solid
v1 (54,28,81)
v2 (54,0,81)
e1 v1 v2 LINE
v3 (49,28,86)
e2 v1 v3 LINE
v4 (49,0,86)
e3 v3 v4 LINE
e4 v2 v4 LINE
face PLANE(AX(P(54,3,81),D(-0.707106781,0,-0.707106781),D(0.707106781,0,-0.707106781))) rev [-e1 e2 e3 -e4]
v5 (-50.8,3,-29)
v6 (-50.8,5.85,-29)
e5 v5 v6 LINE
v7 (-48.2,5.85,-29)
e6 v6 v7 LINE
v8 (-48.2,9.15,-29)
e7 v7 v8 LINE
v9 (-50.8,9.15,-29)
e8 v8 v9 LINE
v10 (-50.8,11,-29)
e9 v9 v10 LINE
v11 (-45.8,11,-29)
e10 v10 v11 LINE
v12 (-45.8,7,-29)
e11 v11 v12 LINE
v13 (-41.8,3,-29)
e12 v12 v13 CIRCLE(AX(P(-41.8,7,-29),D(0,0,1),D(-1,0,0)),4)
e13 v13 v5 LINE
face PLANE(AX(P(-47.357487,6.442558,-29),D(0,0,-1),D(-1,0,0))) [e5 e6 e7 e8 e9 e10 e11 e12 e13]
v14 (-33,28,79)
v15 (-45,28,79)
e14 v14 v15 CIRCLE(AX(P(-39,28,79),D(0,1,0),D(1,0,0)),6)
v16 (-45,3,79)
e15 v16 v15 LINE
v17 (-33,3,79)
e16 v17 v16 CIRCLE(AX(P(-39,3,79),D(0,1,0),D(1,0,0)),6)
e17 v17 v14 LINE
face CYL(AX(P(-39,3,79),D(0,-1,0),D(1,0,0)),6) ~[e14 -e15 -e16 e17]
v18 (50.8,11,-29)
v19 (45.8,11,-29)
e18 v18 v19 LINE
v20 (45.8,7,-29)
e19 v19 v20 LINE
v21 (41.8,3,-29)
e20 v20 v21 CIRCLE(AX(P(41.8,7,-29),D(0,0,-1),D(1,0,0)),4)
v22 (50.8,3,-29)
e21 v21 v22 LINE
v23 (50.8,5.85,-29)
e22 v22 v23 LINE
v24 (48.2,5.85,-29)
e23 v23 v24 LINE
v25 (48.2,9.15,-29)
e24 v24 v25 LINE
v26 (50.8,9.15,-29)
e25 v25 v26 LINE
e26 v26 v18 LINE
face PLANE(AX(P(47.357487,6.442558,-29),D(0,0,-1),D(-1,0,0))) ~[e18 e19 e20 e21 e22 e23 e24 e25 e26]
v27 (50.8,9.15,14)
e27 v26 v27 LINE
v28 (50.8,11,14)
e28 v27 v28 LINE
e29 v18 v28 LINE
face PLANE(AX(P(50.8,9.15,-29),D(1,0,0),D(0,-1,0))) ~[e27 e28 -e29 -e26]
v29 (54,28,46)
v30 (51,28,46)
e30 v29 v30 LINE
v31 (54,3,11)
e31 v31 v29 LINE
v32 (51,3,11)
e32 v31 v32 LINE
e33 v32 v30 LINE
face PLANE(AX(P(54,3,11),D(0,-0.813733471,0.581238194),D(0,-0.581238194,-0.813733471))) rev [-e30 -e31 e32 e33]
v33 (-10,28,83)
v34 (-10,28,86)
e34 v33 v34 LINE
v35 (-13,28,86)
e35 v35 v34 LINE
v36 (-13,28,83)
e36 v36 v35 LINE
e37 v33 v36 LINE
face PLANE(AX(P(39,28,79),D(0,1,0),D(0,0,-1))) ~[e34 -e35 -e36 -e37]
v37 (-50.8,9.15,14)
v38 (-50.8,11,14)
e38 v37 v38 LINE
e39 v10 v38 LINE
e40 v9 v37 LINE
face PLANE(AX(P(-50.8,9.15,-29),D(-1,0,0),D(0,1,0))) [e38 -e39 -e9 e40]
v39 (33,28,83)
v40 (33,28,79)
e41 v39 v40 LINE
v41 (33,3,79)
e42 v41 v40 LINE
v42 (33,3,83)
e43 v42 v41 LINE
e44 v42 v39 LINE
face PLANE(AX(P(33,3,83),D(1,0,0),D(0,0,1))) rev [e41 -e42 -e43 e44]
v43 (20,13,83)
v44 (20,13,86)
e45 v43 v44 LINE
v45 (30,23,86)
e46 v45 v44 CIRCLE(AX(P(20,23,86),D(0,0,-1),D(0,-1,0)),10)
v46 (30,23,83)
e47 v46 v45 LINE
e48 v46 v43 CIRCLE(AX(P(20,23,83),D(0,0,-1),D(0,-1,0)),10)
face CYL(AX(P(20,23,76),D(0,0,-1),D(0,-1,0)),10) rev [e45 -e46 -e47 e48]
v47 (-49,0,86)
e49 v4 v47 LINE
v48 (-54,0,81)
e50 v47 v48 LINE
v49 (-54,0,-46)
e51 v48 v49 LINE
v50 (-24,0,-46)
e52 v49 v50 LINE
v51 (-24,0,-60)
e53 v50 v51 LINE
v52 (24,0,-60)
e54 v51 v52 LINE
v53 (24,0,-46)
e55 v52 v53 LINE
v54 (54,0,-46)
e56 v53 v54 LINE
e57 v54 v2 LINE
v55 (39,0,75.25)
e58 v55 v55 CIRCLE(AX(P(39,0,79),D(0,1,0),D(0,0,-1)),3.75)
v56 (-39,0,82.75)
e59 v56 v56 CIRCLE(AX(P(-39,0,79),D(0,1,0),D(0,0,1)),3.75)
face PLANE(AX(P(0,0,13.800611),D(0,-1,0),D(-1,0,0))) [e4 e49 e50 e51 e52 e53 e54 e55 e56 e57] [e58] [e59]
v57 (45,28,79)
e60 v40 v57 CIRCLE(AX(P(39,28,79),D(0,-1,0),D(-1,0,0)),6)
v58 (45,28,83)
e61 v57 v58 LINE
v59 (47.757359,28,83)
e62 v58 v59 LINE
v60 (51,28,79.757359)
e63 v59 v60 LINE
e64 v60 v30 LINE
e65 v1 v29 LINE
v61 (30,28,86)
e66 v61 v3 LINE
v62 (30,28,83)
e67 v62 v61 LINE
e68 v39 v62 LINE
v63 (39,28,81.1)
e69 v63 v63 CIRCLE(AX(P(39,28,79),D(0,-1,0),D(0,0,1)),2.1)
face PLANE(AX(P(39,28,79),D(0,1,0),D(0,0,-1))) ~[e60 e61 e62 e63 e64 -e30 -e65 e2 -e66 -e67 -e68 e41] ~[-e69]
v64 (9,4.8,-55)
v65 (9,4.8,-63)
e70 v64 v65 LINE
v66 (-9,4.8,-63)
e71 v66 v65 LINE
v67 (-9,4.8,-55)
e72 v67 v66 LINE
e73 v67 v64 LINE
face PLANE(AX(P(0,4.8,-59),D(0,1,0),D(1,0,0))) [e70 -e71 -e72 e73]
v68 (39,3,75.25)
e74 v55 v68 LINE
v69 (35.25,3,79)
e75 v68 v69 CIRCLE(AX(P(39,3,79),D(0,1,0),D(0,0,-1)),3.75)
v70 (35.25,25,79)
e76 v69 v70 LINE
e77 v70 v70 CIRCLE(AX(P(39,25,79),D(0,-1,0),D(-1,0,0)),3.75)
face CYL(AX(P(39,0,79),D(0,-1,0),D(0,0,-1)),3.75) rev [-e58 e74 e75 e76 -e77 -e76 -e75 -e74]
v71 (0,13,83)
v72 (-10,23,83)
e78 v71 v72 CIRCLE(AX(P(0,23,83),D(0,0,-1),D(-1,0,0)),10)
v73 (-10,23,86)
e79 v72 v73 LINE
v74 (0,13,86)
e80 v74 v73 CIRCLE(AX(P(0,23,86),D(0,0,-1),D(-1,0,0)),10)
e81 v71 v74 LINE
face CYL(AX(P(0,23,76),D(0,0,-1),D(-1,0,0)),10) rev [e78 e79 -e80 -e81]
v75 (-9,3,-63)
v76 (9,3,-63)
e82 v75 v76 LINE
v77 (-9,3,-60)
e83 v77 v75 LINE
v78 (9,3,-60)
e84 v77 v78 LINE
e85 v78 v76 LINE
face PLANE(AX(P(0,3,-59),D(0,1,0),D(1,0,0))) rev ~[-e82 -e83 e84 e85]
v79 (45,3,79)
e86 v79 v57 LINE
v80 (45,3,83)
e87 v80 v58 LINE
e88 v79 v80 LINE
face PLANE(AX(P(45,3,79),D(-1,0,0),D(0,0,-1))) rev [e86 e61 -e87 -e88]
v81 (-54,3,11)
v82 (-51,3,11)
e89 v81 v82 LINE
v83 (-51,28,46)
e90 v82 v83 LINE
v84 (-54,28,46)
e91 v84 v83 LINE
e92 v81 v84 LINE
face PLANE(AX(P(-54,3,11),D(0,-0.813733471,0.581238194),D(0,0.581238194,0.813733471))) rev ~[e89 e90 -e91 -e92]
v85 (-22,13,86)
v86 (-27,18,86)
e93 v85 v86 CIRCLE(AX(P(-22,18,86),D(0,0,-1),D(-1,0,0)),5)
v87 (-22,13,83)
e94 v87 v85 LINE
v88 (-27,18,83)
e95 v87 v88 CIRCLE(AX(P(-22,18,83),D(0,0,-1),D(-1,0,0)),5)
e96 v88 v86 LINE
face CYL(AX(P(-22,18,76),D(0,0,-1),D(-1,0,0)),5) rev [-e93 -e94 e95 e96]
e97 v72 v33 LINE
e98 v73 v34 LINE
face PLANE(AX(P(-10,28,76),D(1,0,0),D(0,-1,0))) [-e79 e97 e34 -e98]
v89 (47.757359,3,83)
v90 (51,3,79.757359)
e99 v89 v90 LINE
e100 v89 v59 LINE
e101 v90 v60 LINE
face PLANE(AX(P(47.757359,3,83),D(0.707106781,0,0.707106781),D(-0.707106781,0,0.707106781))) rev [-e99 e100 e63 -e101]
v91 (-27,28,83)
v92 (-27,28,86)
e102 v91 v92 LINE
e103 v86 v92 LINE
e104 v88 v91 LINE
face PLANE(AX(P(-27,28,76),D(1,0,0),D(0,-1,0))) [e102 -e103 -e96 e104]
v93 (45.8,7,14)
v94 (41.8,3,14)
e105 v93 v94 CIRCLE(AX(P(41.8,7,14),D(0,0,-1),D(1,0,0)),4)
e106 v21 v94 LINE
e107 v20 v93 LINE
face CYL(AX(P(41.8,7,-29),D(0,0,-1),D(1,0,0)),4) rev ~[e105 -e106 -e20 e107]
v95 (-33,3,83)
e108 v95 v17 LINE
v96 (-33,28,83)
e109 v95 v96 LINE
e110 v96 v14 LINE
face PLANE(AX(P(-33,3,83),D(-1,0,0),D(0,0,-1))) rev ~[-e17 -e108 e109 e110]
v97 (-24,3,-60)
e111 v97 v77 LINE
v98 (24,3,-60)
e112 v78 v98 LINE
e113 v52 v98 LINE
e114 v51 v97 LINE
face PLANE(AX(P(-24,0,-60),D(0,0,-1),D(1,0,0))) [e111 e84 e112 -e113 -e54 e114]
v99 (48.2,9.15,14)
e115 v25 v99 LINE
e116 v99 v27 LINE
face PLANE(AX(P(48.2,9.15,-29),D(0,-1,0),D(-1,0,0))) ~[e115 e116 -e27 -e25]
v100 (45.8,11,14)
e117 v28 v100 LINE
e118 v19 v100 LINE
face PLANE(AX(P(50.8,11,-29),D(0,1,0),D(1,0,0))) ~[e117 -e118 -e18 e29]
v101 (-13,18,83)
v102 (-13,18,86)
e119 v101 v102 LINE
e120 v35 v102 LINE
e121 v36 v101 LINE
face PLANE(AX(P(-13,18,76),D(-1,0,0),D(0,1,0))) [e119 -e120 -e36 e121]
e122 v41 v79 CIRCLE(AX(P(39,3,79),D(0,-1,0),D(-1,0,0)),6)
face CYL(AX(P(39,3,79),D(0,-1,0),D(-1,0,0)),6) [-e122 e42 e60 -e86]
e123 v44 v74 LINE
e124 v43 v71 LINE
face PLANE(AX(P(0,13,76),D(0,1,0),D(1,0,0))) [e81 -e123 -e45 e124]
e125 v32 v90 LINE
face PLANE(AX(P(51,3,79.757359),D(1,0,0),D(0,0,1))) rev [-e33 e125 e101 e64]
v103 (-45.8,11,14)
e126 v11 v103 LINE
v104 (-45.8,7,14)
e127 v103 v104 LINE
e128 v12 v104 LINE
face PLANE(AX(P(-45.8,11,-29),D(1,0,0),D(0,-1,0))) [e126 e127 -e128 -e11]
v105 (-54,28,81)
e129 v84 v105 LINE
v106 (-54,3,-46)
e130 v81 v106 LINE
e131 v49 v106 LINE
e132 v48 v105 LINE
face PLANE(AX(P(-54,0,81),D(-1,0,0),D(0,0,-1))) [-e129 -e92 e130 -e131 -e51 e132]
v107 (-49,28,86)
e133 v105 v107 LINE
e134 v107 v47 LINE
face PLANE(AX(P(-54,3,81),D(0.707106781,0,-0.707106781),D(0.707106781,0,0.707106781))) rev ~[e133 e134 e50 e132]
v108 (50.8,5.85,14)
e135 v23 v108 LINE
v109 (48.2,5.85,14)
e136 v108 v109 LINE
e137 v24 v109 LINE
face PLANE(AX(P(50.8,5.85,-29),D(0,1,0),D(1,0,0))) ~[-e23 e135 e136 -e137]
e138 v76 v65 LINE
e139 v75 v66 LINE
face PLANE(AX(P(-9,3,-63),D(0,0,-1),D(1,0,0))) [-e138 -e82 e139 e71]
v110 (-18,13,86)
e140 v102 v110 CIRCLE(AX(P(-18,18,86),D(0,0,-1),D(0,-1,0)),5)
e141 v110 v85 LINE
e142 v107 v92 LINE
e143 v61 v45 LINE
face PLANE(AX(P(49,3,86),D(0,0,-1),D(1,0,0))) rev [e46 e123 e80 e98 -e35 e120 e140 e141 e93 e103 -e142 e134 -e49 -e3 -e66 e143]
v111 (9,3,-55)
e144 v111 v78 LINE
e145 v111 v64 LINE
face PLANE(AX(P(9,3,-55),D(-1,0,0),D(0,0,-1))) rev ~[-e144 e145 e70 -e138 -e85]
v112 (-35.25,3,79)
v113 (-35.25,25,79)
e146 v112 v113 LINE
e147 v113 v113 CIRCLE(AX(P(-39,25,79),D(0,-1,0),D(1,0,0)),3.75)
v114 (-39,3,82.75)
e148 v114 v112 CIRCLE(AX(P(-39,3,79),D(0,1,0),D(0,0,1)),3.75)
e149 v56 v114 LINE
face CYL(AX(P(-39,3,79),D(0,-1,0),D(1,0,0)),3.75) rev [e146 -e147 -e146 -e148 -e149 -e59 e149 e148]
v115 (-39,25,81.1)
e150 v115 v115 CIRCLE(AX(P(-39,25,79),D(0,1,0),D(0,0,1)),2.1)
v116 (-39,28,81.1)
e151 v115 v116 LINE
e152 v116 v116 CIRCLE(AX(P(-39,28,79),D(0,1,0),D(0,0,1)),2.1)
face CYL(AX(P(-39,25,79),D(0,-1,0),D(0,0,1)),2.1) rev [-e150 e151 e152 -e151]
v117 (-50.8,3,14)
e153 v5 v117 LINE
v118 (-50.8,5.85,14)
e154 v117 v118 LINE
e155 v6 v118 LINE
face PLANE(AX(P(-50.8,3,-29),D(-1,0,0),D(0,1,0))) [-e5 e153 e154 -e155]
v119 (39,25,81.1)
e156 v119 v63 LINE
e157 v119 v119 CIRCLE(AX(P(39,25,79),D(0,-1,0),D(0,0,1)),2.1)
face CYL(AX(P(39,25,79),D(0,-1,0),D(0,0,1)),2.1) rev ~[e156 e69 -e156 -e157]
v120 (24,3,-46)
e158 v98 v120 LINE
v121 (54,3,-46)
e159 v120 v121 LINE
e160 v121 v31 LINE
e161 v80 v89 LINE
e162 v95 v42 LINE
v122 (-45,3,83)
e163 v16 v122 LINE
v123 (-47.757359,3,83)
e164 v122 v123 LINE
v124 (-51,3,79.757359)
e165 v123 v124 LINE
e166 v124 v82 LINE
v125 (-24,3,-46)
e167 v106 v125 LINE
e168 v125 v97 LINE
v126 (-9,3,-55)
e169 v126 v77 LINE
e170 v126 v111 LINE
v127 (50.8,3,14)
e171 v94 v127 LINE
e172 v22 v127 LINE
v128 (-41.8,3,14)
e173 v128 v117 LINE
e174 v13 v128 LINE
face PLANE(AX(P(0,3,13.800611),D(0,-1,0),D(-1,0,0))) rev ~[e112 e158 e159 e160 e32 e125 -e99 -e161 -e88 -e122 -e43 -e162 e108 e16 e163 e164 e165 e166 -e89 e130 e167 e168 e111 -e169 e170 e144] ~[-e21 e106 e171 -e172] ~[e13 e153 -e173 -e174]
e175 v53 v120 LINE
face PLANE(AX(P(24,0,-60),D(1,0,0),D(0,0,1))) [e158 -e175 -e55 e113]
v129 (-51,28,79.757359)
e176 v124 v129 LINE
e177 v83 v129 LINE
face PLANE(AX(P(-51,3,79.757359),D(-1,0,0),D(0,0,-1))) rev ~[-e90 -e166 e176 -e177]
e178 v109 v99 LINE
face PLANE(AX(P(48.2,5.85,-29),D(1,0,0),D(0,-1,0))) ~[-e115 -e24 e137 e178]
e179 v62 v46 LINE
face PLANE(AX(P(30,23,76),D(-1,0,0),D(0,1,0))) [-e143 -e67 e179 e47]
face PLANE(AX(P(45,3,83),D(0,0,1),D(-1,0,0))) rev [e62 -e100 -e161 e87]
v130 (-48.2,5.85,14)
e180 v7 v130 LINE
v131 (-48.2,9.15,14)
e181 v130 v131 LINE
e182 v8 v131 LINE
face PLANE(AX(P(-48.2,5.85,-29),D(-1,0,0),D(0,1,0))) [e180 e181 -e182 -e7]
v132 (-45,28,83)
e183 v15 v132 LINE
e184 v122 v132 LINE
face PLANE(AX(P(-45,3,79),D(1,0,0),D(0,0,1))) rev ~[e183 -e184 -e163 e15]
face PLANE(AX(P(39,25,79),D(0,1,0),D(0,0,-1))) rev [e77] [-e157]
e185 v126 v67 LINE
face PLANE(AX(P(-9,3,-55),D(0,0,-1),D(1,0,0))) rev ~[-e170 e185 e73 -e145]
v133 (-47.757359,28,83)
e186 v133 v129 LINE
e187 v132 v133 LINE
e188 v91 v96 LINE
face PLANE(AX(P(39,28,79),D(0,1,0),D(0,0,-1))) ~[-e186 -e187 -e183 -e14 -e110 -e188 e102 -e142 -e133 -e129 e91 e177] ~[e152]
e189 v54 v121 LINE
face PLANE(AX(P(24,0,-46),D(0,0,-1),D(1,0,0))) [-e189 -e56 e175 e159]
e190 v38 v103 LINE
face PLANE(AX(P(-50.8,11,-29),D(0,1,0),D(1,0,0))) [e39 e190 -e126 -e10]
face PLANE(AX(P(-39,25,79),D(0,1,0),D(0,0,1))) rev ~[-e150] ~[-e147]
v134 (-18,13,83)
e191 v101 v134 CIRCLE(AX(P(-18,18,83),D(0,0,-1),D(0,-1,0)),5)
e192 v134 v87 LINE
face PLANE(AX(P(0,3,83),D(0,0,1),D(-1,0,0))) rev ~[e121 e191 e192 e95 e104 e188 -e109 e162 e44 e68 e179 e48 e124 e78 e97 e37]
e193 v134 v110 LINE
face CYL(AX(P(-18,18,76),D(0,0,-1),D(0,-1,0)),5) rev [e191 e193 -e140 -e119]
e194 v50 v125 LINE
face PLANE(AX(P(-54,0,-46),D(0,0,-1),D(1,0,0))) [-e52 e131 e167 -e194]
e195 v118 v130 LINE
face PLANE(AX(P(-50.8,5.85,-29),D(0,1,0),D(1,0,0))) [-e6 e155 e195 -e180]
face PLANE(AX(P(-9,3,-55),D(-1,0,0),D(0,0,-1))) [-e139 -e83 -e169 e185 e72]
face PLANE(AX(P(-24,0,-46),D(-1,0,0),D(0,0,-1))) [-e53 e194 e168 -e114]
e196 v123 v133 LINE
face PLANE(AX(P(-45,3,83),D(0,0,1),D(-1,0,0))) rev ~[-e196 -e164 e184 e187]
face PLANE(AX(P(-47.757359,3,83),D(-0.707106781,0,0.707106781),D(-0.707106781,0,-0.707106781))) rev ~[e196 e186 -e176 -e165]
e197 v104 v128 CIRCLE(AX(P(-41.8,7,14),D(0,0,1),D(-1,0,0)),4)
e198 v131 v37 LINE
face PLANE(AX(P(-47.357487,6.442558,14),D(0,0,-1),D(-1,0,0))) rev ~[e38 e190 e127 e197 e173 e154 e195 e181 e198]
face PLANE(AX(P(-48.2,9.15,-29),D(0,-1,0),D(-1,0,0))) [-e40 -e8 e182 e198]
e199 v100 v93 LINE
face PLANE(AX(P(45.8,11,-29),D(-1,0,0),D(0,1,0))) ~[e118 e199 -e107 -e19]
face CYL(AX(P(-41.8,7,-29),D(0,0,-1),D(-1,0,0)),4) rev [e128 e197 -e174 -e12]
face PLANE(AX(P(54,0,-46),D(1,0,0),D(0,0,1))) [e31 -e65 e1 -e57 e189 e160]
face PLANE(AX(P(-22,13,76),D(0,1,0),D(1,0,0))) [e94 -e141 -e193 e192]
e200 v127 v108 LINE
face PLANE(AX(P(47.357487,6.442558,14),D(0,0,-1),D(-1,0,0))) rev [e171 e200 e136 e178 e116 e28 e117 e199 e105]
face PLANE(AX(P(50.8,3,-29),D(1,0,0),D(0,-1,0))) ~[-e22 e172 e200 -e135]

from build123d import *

# Parameters (mm, degrees)
CROQUIS1_R                 = 3.75
SALIENTE_EXTRUIR1_DEPTH    = 3
SALIENTE_EXTRUIR5_START    = -17
SALIENTE_EXTRUIR5_DEPTH    = 43
SALIENTE_EXTRUIR3_DEPTH    = 3
CROQUIS4_R                 = 3.75
SALIENTE_EXTRUIR4_DEPTH    = 25
SALIENTE_EXTRUIR7_START    = -3
CROQUIS8_R                 = 3.75
CROQUIS8_R_2               = 2.1
SALIENTE_EXTRUIR7_DEPTH    = 3
CROQUIS7_W                 = 18
CROQUIS7_H                 = 8
SALIENTE_EXTRUIR6_DEPTH    = 1.8
CORTAR_EXTRUIR1_DEPTH      = 161.937876213
CORTAR_EXTRUIR1_DEPTH_BACK = 10


with BuildPart() as part:
    # Croquis1 → Saliente-Extruir1 (new body)
    with BuildSketch(Plane(origin=(0, 0, 0), x_dir=(1, 0, 0), z_dir=(0, 1, 0))):
        Polygon((-24, 60), (24, 60), (24, 46), (54, 46), (54, -81), (49, -86), (-49, -86), (-54, -81), (-54, 46), (-24, 46), align=None)
        with Locations(Location((-39, -79, 0), (0, 0, 270))):
            Circle(CROQUIS1_R, mode=Mode.SUBTRACT)
        with Locations(Location((39, -79, 0), (0, 0, 90))):
            Circle(CROQUIS1_R, mode=Mode.SUBTRACT)
    extrude(amount=SALIENTE_EXTRUIR1_DEPTH)

    # Croquis6 → Saliente-Extruir5 (add)
    with BuildSketch(Plane(origin=(0, 0, -46), x_dir=(-1, 0, 0), z_dir=(0, 0, -1)).offset(SALIENTE_EXTRUIR5_START)):
        with BuildLine():
            Line((50.8, 3), (50.8, 5.85))
            Line((50.8, 5.85), (48.2, 5.85))
            Line((48.2, 5.85), (48.2, 9.15))
            Line((48.2, 9.15), (50.8, 9.15))
            Line((50.8, 9.15), (50.8, 11))
            Line((50.8, 11), (45.8, 11))
            Line((45.8, 11), (45.8, 7))
            ThreePointArc((45.8, 7), (44.628427125, 4.171572875), (41.8, 3))
            Line((41.8, 3), (47.8, 3))
            Line((47.8, 3), (50.8, 3))
        make_face()
    saliente_extruir5 = extrude(amount=-SALIENTE_EXTRUIR5_DEPTH)

    # Croquis3 → Saliente-Extruir3 (add)
    with BuildSketch(Plane.ZY.offset(54)):
        Polygon((11, 3), (46, 28), (79.207391253, 28), (79.207391253, 3), align=None)
    saliente_extruir3 = extrude(amount=-SALIENTE_EXTRUIR3_DEPTH)

    # Croquis4 → Saliente-Extruir4 (add)
    with BuildSketch(Plane(origin=(0, 3, 0), x_dir=(1, 0, 0), z_dir=(0, 1, 0))):
        with BuildLine():
            Line((-51, -79.207391253), (-54, -79.207391253))
            Line((-54, -79.207391253), (-54, -81))
            Line((-54, -81), (-49, -86))
            Line((-49, -86), (0, -86))
            Line((0, -86), (0, -83))
            Line((0, -83), (-33, -83))
            Line((-33, -83), (-33, -79))
            ThreePointArc((-33, -79), (-39, -73), (-45, -79))
            Line((-45, -79), (-45, -83))
            Line((-45, -83), (-47.757359313, -83))
            Line((-47.757359313, -83), (-51, -79.757359313))
            Line((-51, -79.757359313), (-51, -79.207391253))
        make_face()
        with Locations((-39, -79)):
            Circle(CROQUIS4_R, mode=Mode.SUBTRACT)
    saliente_extruir4 = extrude(amount=SALIENTE_EXTRUIR4_DEPTH)

    # Croquis8 → Saliente-Extruir7 (add)
    with BuildSketch(Plane(origin=(0, 28, 0), x_dir=(1, 0, 0), z_dir=(0, 1, 0)).offset(SALIENTE_EXTRUIR7_START)):
        with Locations(Location((-39, -79, 0), (0, 0, 270))):
            Circle(CROQUIS8_R)
        with Locations(Location((-39, -79, 0), (0, 0, 270))):
            Circle(CROQUIS8_R_2, mode=Mode.SUBTRACT)
    saliente_extruir7 = extrude(amount=SALIENTE_EXTRUIR7_DEPTH)

    # Simetría1: Saliente-Extruir5, Saliente-Extruir3, Saliente-Extruir4, Saliente-Extruir7 across plane
    add(saliente_extruir5.mirror(Plane(origin=(0, 0, 0), x_dir=(0, 0, 1), z_dir=(1, 0, 0))))
    add(saliente_extruir3.mirror(Plane(origin=(0, 0, 0), x_dir=(0, 0, 1), z_dir=(1, 0, 0))))
    add(saliente_extruir4.mirror(Plane(origin=(0, 0, 0), x_dir=(0, 0, 1), z_dir=(1, 0, 0))))
    add(saliente_extruir7.mirror(Plane(origin=(0, 0, 0), x_dir=(0, 0, 1), z_dir=(1, 0, 0))))

    # Croquis7 → Saliente-Extruir6 (add)
    with BuildSketch(Plane(origin=(0, 3, 0), x_dir=(1, 0, 0), z_dir=(0, 1, 0))):
        with Locations((0, 59)):
            Rectangle(CROQUIS7_W, CROQUIS7_H)
    extrude(amount=SALIENTE_EXTRUIR6_DEPTH)

    # Croquis9 → Cortar-Extruir1 (cut, two sides: drawn at the far end of the back side and taken through both)
    with BuildSketch(Plane.XY.offset(86).offset(-CORTAR_EXTRUIR1_DEPTH_BACK)):
        with BuildLine():
            Line((30, 28), (-10, 28))
            Line((-10, 28), (-10, 23))
            ThreePointArc((-10, 23), (-7.071067812, 15.928932188), (0, 13))
            Line((0, 13), (20, 13))
            ThreePointArc((20, 13), (27.071067812, 15.928932188), (30, 23))
            Line((30, 23), (30, 28))
        make_face()
        with BuildLine():
            Line((-13, 18), (-13, 28))
            Line((-13, 28), (-27, 28))
            Line((-27, 28), (-27, 18))
            ThreePointArc((-27, 18), (-25.535533906, 14.464466094), (-22, 13))
            Line((-22, 13), (-18, 13))
            ThreePointArc((-18, 13), (-14.464466094, 14.464466094), (-13, 18))
        make_face()
    extrude(amount=CORTAR_EXTRUIR1_DEPTH + CORTAR_EXTRUIR1_DEPTH_BACK, mode=Mode.SUBTRACT)


solid = part.part
